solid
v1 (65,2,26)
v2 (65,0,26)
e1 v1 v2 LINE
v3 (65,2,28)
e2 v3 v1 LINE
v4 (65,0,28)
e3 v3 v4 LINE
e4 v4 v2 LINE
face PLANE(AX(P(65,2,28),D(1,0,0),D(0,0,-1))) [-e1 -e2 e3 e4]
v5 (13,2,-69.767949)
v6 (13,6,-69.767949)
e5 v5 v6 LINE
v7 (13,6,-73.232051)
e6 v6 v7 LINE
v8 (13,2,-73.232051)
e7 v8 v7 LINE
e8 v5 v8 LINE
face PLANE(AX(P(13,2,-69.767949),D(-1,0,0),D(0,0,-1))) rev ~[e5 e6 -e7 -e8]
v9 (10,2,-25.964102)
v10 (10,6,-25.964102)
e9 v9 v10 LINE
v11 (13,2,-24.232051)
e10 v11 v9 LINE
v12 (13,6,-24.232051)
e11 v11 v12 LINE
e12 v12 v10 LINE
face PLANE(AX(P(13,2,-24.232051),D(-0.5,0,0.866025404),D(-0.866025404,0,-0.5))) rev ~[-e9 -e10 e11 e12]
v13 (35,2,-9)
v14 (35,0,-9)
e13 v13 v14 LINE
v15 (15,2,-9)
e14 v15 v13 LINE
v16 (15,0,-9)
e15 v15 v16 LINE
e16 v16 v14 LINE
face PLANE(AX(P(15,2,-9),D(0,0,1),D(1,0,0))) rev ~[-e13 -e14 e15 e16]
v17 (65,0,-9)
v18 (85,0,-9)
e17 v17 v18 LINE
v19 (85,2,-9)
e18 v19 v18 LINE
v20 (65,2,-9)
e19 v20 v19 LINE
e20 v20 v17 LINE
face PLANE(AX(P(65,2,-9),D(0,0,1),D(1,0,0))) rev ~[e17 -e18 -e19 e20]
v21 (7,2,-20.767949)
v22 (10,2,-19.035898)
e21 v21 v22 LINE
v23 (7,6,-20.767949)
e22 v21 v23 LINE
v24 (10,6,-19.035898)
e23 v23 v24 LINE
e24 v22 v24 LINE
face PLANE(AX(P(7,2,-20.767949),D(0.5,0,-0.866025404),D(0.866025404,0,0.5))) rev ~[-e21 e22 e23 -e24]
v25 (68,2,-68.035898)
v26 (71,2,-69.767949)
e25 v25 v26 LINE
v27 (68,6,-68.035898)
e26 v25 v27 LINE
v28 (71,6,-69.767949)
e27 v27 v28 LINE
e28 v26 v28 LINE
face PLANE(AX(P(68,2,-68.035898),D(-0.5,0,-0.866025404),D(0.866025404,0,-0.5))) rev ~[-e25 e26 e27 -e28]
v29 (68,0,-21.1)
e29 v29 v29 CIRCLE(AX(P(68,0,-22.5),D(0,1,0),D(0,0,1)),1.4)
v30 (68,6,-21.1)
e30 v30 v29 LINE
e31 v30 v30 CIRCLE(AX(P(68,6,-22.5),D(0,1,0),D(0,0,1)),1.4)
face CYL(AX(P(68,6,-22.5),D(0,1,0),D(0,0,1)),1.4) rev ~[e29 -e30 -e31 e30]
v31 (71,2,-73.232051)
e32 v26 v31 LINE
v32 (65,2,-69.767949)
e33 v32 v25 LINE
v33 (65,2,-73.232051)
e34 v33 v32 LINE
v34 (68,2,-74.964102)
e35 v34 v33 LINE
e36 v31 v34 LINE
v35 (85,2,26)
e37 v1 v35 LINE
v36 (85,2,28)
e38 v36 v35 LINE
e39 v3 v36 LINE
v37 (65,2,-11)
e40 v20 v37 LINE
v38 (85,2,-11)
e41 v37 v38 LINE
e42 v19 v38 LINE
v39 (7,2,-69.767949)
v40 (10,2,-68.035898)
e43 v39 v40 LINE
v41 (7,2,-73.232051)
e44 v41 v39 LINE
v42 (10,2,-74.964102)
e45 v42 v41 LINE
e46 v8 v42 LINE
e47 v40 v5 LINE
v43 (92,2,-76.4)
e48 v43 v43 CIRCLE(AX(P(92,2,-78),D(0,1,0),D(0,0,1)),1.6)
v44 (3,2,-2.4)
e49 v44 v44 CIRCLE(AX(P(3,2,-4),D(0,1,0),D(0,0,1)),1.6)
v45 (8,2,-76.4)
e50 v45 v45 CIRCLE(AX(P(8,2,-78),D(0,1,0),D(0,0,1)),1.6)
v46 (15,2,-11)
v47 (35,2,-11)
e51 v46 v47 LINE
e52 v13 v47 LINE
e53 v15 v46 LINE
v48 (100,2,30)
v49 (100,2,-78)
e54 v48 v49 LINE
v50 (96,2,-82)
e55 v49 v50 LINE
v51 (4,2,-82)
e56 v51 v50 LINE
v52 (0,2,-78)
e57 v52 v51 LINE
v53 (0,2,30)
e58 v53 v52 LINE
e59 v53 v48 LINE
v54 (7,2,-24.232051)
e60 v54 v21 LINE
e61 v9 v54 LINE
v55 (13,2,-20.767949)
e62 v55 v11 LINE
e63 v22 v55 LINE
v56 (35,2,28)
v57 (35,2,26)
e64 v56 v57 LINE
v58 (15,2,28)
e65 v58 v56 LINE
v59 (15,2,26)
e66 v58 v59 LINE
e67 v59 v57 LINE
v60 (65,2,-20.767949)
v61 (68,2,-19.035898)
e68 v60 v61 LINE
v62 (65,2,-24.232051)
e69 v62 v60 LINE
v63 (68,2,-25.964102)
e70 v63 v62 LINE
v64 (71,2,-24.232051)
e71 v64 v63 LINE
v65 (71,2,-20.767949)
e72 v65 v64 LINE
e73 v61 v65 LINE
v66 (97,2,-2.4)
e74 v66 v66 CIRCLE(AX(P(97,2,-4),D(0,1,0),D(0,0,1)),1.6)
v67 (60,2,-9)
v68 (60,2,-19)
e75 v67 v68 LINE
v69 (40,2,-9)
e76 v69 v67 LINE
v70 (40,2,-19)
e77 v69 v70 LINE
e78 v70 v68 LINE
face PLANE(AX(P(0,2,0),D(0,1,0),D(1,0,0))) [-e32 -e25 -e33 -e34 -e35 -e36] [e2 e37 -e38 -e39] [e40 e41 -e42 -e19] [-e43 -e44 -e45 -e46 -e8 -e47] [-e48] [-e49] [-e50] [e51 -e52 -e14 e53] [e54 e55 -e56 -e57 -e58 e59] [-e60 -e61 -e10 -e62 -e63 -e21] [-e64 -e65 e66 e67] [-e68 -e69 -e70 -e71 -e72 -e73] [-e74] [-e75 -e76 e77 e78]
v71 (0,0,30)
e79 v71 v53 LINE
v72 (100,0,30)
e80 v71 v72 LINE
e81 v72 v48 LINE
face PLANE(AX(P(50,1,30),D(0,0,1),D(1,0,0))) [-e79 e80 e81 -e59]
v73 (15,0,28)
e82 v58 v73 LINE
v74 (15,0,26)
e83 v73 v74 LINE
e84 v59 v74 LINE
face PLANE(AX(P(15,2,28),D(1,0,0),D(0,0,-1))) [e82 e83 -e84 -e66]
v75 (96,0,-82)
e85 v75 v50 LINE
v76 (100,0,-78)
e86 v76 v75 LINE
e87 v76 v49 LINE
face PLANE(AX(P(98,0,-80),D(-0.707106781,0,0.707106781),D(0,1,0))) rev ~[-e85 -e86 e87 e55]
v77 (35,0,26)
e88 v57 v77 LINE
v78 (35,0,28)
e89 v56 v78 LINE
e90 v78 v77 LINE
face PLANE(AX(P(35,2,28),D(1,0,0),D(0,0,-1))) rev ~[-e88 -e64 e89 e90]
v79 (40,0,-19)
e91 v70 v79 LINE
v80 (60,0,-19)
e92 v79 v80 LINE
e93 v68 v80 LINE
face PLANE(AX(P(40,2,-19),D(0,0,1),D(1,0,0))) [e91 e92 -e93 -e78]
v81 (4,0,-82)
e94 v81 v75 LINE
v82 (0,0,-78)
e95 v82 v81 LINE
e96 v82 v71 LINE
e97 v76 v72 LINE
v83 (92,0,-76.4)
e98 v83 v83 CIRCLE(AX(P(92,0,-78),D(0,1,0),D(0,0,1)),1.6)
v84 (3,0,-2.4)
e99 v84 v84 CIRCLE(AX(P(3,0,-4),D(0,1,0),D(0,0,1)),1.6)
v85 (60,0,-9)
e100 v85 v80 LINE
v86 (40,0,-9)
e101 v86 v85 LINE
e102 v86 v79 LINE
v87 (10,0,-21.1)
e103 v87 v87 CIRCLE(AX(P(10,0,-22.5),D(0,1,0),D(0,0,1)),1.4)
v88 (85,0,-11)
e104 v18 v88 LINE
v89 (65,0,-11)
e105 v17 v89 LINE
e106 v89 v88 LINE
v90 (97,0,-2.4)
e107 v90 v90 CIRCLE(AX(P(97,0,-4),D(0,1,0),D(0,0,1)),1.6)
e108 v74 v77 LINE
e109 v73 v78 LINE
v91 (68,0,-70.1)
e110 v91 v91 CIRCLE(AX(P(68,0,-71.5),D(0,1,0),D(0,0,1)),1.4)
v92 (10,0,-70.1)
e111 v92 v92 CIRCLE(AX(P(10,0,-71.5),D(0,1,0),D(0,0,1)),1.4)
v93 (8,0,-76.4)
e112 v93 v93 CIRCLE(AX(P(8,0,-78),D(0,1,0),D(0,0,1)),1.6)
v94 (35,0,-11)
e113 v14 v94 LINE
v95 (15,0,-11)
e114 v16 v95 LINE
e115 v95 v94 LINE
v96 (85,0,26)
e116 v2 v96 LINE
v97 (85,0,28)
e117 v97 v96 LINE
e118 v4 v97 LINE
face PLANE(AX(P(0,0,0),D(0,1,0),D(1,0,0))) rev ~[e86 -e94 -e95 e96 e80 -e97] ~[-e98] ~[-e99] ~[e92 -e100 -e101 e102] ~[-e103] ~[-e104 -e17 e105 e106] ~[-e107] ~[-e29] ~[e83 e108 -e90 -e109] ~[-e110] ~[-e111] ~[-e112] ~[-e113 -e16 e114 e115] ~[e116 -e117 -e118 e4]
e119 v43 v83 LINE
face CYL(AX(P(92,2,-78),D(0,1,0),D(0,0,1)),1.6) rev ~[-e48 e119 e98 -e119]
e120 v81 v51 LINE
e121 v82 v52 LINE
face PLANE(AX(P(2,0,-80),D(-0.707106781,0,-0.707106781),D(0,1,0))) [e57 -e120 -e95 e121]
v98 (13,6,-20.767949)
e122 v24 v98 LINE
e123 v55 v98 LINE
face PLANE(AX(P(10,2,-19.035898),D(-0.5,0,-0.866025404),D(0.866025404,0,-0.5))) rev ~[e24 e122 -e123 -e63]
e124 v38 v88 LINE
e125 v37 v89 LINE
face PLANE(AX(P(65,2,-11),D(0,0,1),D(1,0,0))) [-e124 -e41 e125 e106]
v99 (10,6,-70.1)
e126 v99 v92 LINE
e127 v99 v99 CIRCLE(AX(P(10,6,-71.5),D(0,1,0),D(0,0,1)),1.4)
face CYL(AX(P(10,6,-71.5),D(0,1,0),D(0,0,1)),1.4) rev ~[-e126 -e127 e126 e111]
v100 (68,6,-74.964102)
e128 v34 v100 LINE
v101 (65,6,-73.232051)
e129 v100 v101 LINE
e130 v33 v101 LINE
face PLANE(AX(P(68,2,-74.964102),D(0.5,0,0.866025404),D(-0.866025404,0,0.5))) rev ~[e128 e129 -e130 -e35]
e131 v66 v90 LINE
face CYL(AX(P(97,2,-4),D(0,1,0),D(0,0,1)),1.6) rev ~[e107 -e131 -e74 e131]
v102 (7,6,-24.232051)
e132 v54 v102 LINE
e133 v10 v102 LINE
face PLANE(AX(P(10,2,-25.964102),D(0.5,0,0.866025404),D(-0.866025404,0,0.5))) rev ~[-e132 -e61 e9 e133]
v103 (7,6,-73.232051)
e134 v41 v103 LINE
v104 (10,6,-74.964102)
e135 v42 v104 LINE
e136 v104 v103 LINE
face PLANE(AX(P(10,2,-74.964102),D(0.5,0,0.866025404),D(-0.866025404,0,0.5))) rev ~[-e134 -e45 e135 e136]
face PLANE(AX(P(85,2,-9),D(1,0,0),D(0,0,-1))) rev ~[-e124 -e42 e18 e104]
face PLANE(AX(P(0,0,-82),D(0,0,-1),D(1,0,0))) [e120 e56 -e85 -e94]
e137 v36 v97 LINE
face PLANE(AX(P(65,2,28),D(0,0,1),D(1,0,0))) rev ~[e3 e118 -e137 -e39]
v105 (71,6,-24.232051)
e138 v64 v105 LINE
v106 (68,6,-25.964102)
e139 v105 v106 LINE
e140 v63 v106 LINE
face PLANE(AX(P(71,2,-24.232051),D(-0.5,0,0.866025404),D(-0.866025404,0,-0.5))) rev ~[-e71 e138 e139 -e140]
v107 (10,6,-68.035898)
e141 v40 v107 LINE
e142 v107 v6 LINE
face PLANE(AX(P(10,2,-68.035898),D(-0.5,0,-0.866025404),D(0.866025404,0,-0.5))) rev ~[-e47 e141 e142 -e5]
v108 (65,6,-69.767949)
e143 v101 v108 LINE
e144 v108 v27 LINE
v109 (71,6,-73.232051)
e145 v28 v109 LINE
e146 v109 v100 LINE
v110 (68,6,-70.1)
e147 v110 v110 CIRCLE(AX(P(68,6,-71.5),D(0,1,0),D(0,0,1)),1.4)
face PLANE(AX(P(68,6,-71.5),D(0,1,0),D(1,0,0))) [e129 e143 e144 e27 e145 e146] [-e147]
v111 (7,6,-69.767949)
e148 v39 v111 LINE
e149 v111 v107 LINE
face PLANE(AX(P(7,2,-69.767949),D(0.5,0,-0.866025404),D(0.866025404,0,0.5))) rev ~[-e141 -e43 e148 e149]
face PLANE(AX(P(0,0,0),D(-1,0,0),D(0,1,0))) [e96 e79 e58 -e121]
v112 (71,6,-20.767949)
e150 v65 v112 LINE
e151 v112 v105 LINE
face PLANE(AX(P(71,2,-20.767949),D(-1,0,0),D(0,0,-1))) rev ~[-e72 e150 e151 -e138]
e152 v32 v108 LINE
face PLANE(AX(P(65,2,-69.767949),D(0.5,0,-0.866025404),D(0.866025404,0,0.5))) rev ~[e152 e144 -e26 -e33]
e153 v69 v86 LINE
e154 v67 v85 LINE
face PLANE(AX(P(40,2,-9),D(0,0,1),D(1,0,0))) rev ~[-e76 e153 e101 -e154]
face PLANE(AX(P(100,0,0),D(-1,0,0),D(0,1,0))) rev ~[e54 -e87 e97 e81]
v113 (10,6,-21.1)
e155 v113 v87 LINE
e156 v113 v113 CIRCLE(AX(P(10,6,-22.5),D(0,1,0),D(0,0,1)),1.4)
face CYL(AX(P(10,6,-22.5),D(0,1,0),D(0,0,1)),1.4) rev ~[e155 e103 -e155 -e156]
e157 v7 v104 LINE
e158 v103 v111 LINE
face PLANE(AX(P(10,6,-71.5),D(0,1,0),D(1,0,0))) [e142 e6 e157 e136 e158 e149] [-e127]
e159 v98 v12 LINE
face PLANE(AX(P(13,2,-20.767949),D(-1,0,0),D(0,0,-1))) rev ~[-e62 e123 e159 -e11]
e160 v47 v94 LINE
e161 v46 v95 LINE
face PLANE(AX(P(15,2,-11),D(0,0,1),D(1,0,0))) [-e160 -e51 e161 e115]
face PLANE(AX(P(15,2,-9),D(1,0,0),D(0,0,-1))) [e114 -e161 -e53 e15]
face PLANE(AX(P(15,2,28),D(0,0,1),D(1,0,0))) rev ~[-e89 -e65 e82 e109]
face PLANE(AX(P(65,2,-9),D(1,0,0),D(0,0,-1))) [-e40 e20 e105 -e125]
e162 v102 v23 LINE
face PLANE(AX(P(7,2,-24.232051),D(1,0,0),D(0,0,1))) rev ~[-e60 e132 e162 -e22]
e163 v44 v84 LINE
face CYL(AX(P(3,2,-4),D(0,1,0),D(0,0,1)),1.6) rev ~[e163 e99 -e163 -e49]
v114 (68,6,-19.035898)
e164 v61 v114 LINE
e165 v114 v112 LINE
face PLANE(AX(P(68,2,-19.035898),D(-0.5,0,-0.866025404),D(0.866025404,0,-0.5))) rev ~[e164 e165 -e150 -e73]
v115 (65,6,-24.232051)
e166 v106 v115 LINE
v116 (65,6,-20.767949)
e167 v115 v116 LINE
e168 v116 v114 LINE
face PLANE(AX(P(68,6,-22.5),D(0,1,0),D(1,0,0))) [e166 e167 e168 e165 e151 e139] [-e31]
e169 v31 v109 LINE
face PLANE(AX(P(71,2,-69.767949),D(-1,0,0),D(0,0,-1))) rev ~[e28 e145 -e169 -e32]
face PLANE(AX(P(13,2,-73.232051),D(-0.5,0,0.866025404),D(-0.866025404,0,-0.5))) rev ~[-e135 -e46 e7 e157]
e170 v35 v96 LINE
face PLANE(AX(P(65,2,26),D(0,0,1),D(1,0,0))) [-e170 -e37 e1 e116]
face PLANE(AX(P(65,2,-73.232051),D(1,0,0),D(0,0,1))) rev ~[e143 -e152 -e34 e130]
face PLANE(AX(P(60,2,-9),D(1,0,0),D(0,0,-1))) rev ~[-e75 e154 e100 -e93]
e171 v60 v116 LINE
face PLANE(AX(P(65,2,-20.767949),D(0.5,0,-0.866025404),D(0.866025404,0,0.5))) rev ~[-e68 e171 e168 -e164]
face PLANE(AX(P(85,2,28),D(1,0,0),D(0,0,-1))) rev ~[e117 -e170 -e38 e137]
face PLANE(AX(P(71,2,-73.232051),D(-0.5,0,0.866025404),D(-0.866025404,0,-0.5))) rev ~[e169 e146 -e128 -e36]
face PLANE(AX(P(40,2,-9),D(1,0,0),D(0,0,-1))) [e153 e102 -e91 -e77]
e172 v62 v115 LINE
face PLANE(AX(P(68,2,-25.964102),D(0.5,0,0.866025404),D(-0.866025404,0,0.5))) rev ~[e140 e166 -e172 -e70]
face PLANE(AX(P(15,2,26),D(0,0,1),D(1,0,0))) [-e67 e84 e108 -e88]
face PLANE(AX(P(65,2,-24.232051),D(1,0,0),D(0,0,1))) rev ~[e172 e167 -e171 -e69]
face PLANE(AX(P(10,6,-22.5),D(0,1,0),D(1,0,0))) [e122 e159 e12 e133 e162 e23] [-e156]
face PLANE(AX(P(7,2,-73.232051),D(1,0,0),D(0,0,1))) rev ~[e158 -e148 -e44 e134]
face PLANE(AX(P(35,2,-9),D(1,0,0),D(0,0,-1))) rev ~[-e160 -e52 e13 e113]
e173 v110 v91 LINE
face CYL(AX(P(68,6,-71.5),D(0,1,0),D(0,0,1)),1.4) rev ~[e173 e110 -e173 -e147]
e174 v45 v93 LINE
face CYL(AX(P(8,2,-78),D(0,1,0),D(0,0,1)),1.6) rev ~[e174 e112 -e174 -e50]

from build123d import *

# Parameters (mm, degrees)
SKETCH1_W           = 100
SKETCH1_H           = 82
BOSS_EXTRUDE1_DEPTH = 2
CHAMFER1_SIZE       = 4
SKETCH2_R           = 1.6
CUT_EXTRUDE1_DEPTH  = 130.336769714
SKETCH3_W           = 100
SKETCH3_H           = 2
BOSS_EXTRUDE2_DEPTH = 30
SKETCH4_W           = 20
SKETCH4_H           = 2
CUT_EXTRUDE2_DEPTH  = 130.336769714
BOSS_EXTRUDE3_DEPTH = 4
SKETCH6_R           = 1.4
CUT_EXTRUDE3_DEPTH  = 130.460418661
SKETCH7_W           = 20
SKETCH7_H           = 10
CUT_EXTRUDE4_DEPTH  = 130.383151917


with BuildPart() as part:
    # Sketch1 → Boss-Extrude1 (new body)
    with BuildSketch(Plane(origin=(0, 0, 0), x_dir=(1, 0, 0), z_dir=(0, 1, 0))):
        with Locations((50, 41)):
            Rectangle(SKETCH1_W, SKETCH1_H)
    extrude(amount=BOSS_EXTRUDE1_DEPTH)

    # Chamfer1
    chamfer1_edges = [part.edges().sort_by_distance(p)[0] for p in [
        (0, 1, -82),
        (100, 1, -82),
    ]]
    chamfer(chamfer1_edges, length=CHAMFER1_SIZE)

    # Sketch2 → Cut-Extrude1 (cut, through all)
    with BuildSketch(Plane(origin=(0, 2, 0), x_dir=(1, 0, 0), z_dir=(0, 1, 0))):
        with Locations(Location((8, 78, 0), (0, 0, 270))):
            Circle(SKETCH2_R)
        with Locations(Location((92, 78, 0), (0, 0, 270))):
            Circle(SKETCH2_R)
        with Locations(Location((97, 4, 0), (0, 0, 270))):
            Circle(SKETCH2_R)
        with Locations(Location((3, 4, 0), (0, 0, 270))):
            Circle(SKETCH2_R)
    extrude(amount=-CUT_EXTRUDE1_DEPTH, mode=Mode.SUBTRACT)

    # Sketch3 → Boss-Extrude2 (add)
    with BuildSketch(Plane.XY):
        with Locations((50, 1)):
            Rectangle(SKETCH3_W, SKETCH3_H)
    extrude(amount=BOSS_EXTRUDE2_DEPTH)

    # Sketch4 → Cut-Extrude2 (cut, through all)
    with BuildSketch(Plane(origin=(0, 2, 0), x_dir=(1, 0, 0), z_dir=(0, 1, 0))):
        with Locations((25, -27)):
            Rectangle(SKETCH4_W, SKETCH4_H)
        with Locations((75, -27)):
            Rectangle(SKETCH4_W, SKETCH4_H)
        with Locations((25, 10)):
            Rectangle(SKETCH4_W, SKETCH4_H)
        with Locations((75, 10)):
            Rectangle(SKETCH4_W, SKETCH4_H)
    extrude(amount=-CUT_EXTRUDE2_DEPTH, mode=Mode.SUBTRACT)

    # Sketch5 → Boss-Extrude3 (add)
    with BuildSketch(Plane(origin=(0, 2, 0), x_dir=(1, 0, 0), z_dir=(0, 1, 0))):
        Polygon((10, 68.035898385), (13, 69.767949192), (13, 73.232050808), (10, 74.964101615), (7, 73.232050808), (7, 69.767949192), align=None)
        Polygon((10, 25.964101615), (7, 24.232050808), (7, 20.767949192), (10, 19.035898385), (13, 20.767949192), (13, 24.232050808), align=None)
        Polygon((68, 25.964101615), (65, 24.232050808), (65, 20.767949192), (68, 19.035898385), (71, 20.767949192), (71, 24.232050808), align=None)
        Polygon((68, 68.035898385), (71, 69.767949192), (71, 73.232050808), (68, 74.964101615), (65, 73.232050808), (65, 69.767949192), align=None)
    extrude(amount=BOSS_EXTRUDE3_DEPTH)

    # Sketch6 → Cut-Extrude3 (cut, through all)
    with BuildSketch(Plane(origin=(0, 6, 0), x_dir=(1, 0, 0), z_dir=(0, 1, 0))):
        with Locations(Location((10, 71.5, 0), (0, 0, 270))):
            Circle(SKETCH6_R)
        with Locations(Location((68, 71.5, 0), (0, 0, 270))):
            Circle(SKETCH6_R)
        with Locations(Location((68, 22.5, 0), (0, 0, 270))):
            Circle(SKETCH6_R)
        with Locations(Location((10, 22.5, 0), (0, 0, 270))):
            Circle(SKETCH6_R)
    extrude(amount=-CUT_EXTRUDE3_DEPTH, mode=Mode.SUBTRACT)

    # Sketch7 → Cut-Extrude4 (cut, through all)
    with BuildSketch(Plane(origin=(0, 2, 0), x_dir=(1, 0, 0), z_dir=(0, 1, 0))):
        with Locations((50, 14)):
            Rectangle(SKETCH7_W, SKETCH7_H)
    extrude(amount=-CUT_EXTRUDE4_DEPTH, mode=Mode.SUBTRACT)


solid = part.part
